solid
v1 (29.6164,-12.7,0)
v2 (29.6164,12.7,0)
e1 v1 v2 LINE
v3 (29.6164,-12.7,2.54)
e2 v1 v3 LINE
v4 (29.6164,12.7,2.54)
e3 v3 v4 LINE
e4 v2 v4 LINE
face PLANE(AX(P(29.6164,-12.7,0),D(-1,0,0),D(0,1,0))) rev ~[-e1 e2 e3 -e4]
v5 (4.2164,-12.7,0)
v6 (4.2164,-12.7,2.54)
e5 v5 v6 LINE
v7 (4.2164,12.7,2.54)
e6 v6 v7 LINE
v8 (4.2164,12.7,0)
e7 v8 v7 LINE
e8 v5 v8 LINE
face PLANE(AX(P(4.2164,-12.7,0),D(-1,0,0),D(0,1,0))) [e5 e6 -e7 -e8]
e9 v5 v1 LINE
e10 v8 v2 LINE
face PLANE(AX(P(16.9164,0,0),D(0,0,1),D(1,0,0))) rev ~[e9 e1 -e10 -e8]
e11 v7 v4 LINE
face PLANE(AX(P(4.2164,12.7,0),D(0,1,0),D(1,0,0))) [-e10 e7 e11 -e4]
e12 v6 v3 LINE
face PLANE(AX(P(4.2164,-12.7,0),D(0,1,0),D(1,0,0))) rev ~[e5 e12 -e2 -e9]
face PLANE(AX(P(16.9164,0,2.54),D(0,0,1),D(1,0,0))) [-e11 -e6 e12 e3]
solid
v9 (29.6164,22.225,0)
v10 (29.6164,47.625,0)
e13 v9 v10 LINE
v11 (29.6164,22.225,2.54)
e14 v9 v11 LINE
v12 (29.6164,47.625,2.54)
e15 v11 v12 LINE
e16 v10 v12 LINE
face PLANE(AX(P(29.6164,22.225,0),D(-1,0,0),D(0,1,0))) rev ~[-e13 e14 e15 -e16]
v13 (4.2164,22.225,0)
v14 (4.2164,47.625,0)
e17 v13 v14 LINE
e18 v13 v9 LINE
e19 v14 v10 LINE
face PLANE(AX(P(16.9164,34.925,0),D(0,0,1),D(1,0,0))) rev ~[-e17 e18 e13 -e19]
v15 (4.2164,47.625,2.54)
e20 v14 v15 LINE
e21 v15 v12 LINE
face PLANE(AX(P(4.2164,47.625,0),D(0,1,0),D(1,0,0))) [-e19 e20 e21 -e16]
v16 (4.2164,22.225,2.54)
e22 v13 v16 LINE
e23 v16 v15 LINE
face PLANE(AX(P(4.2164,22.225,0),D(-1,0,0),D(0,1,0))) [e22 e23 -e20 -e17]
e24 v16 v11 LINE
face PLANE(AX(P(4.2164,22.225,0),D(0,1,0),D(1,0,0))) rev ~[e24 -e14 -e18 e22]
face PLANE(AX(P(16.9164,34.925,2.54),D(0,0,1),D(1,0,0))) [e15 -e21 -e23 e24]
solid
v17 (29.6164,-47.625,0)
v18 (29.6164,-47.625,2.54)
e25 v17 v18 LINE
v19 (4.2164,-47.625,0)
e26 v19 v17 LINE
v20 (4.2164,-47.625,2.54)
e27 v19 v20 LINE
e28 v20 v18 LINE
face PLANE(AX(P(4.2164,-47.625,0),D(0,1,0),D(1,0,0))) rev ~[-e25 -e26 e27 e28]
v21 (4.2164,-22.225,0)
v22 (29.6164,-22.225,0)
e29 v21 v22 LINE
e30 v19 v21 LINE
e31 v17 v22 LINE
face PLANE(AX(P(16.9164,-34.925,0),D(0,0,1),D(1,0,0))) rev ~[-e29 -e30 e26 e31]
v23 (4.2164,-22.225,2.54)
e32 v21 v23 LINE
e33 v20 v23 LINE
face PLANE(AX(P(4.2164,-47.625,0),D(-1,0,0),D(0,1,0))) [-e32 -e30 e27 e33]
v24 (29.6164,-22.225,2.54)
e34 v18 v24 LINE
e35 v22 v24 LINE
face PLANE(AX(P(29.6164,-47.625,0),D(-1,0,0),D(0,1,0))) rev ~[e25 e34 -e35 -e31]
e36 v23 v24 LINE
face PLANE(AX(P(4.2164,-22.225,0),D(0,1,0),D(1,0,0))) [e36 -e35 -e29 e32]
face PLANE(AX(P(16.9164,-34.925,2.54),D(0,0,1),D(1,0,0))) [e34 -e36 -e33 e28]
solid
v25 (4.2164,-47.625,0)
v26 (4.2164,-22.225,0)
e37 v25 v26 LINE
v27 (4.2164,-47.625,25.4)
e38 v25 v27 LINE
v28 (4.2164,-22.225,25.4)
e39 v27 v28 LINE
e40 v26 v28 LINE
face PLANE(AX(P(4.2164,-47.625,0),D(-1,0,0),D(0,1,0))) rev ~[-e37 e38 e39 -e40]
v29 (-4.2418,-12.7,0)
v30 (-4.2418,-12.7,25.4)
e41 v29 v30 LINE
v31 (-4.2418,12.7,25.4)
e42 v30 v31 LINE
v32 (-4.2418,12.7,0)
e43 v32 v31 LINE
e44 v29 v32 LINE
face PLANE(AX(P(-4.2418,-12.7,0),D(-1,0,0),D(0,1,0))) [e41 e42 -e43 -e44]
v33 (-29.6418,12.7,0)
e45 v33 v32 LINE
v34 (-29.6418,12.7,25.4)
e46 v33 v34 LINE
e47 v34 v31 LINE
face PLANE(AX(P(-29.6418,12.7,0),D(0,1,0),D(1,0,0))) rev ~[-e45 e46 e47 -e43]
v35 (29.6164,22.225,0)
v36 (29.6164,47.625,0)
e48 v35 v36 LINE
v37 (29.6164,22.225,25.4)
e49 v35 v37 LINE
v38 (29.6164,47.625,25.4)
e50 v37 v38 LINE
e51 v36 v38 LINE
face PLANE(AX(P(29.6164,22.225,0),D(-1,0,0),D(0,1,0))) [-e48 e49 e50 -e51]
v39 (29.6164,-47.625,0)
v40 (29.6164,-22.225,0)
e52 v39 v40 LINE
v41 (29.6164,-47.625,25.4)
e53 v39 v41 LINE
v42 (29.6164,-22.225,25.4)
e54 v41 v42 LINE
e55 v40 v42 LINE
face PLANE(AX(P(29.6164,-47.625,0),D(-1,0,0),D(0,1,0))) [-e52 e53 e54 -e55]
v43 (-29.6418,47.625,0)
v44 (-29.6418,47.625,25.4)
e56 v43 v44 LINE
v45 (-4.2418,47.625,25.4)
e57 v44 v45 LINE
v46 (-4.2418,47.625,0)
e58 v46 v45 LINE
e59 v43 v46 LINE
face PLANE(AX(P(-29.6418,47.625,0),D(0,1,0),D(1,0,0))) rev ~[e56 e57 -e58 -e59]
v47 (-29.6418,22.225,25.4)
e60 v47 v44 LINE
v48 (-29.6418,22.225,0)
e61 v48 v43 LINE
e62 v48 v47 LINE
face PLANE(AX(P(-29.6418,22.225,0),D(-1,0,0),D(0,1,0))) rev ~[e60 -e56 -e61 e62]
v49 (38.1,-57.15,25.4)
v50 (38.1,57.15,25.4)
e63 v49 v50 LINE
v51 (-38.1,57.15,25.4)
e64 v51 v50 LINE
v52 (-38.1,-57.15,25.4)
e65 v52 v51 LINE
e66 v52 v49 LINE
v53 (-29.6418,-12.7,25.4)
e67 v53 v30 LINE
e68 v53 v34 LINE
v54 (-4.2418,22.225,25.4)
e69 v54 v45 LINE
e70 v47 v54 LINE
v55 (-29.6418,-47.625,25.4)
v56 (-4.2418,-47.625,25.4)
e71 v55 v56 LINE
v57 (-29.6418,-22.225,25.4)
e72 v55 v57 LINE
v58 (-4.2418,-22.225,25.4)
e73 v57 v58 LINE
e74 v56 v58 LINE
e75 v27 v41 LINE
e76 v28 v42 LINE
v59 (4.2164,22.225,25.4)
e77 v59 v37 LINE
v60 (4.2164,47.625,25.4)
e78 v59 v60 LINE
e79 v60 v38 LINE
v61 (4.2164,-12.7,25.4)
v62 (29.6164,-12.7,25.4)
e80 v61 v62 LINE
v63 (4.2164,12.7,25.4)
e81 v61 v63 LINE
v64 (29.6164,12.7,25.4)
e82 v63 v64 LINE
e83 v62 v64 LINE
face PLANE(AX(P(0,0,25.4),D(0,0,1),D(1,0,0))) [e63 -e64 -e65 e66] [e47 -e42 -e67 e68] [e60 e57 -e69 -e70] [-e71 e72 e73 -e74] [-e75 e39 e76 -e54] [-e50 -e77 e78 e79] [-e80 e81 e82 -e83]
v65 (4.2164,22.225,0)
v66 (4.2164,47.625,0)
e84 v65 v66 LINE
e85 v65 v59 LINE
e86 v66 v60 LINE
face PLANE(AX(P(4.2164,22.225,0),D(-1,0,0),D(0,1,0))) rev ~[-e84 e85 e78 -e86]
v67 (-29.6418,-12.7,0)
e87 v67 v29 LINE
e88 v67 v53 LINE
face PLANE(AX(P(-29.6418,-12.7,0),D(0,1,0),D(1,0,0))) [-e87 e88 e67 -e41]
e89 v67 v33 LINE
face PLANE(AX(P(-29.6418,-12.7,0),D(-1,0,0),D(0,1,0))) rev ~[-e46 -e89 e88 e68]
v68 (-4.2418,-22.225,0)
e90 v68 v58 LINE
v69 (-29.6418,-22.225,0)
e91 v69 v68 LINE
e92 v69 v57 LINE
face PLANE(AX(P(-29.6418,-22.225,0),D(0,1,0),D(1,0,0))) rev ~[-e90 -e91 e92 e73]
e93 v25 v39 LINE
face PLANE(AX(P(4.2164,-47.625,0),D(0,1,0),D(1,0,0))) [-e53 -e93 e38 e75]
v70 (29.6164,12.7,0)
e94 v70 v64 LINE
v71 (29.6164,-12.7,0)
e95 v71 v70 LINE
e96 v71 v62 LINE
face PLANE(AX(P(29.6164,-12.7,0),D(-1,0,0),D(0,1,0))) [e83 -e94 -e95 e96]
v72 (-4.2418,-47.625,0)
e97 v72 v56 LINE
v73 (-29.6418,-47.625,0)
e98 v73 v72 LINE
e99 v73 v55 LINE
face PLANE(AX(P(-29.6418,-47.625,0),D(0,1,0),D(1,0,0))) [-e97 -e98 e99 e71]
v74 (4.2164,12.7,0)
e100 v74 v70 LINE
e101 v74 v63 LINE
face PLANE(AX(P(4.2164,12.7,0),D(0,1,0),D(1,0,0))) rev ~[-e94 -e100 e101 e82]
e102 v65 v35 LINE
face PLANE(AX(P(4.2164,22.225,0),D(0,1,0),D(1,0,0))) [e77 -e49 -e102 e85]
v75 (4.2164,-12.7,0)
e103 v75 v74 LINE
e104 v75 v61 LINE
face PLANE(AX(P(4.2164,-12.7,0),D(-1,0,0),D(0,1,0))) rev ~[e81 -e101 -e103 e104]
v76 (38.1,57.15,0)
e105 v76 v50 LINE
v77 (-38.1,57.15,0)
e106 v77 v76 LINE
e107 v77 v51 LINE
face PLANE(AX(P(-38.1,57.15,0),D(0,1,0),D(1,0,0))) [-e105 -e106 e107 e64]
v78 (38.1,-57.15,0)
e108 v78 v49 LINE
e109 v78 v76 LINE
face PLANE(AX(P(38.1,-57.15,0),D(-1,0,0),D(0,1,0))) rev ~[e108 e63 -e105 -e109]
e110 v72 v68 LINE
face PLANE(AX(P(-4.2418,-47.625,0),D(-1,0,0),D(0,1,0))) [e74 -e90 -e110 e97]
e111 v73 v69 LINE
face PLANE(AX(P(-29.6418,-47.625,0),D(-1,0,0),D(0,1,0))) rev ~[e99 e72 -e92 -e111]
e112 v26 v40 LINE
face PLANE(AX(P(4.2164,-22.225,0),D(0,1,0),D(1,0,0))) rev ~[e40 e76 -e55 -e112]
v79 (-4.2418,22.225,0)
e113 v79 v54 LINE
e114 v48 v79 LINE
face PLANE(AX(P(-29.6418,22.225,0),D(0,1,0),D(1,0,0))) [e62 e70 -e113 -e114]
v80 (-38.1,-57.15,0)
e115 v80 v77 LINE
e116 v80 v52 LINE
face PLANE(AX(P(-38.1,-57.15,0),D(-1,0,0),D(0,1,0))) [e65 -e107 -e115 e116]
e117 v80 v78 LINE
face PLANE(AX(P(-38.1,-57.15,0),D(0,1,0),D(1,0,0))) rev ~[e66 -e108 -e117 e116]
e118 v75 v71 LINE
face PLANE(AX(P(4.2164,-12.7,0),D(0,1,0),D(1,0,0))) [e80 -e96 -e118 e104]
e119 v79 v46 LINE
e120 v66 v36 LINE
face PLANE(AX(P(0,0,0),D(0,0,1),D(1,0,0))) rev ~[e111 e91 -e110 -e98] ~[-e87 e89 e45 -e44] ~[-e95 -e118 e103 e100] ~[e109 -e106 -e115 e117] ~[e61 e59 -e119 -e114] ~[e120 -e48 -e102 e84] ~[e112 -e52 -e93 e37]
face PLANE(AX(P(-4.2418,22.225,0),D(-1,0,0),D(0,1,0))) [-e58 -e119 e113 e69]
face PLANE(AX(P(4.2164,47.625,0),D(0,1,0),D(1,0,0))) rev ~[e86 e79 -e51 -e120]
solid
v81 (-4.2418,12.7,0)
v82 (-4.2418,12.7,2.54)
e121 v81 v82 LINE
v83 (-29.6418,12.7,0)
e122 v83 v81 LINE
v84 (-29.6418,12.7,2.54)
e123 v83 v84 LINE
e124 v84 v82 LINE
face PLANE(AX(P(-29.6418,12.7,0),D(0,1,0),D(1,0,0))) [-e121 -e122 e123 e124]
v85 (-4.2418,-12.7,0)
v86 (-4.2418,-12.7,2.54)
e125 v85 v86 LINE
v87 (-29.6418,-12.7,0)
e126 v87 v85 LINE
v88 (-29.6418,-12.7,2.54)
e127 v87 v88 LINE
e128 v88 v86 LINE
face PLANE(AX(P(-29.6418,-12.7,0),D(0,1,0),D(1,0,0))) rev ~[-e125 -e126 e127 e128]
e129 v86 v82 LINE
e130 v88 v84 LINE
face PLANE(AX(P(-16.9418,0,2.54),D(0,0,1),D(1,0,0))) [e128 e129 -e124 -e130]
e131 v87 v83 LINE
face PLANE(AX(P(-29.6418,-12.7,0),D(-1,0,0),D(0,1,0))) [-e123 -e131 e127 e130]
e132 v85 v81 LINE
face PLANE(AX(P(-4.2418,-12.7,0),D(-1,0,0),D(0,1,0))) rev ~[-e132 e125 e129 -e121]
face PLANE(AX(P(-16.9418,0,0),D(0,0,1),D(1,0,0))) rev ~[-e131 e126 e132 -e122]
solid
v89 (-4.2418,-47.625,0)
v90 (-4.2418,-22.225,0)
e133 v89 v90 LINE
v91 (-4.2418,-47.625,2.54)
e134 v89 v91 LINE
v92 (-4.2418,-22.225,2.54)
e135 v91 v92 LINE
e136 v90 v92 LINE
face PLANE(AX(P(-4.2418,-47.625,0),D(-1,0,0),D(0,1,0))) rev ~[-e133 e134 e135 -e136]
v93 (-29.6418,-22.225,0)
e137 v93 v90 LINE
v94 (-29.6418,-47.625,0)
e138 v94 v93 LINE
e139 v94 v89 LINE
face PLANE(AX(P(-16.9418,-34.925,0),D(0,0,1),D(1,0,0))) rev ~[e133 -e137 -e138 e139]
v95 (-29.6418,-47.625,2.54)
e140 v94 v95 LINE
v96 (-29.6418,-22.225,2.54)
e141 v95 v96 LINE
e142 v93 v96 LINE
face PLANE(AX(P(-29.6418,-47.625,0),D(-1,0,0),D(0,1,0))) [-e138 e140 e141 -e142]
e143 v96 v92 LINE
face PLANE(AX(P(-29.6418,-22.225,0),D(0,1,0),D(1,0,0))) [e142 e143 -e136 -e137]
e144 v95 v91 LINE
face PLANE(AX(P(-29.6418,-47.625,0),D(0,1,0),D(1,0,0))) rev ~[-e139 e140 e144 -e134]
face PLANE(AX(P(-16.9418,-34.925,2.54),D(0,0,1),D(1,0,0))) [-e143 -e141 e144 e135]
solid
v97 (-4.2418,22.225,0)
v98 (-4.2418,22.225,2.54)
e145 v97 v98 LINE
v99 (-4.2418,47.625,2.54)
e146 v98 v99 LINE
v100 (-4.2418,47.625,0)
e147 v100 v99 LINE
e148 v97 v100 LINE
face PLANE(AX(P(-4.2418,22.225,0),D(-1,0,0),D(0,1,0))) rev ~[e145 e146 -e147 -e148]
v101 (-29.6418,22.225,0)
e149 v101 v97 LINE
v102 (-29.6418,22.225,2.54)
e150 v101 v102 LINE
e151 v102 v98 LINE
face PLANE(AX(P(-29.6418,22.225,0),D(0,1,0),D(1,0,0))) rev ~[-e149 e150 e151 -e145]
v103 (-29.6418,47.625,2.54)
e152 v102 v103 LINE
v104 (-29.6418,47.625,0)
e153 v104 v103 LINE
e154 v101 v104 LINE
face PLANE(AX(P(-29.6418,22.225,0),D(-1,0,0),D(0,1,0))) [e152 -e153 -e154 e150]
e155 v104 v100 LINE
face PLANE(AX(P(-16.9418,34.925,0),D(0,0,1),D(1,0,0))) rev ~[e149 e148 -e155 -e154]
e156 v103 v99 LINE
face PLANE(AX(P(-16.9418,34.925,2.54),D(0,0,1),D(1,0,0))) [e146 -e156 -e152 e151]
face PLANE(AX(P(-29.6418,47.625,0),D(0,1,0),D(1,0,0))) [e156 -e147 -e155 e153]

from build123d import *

# Parameters (mm, degrees)
F0_W     = 76.2
F0_H     = 114.3
F0_W_2   = 25.4
F0_H_2   = 25.4
F1_DEPTH = 25.4
F2_DEPTH = 2.54


with BuildPart() as f1:
    # F0 (on Top) → F1 (new body)
    with BuildSketch(Plane.XY):
        Rectangle(F0_W, F0_H)
        with Locations((-16.9418, -34.925)):
            Rectangle(F0_W_2, F0_H_2, mode=Mode.SUBTRACT)
        with Locations((16.9164, -34.925)):
            Rectangle(F0_W_2, F0_H_2, mode=Mode.SUBTRACT)
        with Locations((-16.9418, 0)):
            Rectangle(F0_W_2, F0_H_2, mode=Mode.SUBTRACT)
        with Locations((-16.9418, 34.925)):
            Rectangle(F0_W_2, F0_H_2, mode=Mode.SUBTRACT)
        with Locations((16.9164, 0)):
            Rectangle(F0_W_2, F0_H_2, mode=Mode.SUBTRACT)
        with Locations((16.9164, 34.925)):
            Rectangle(F0_W_2, F0_H_2, mode=Mode.SUBTRACT)
    extrude(amount=F1_DEPTH)


with BuildPart() as f2:
    # F0 (on Top) → F2 (new body)
    with BuildSketch(Plane.XY):
        with Locations((-16.9418, 34.925)):
            Rectangle(F0_W_2, F0_H_2)
        with Locations((16.9164, 34.925)):
            Rectangle(F0_W_2, F0_H_2)
        with Locations((-16.9418, 0)):
            Rectangle(F0_W_2, F0_H_2)
        with Locations((16.9164, 0)):
            Rectangle(F0_W_2, F0_H_2)
        with Locations((-16.9418, -34.925)):
            Rectangle(F0_W_2, F0_H_2)
        with Locations((16.9164, -34.925)):
            Rectangle(F0_W_2, F0_H_2)
    extrude(amount=F2_DEPTH)


solid = Compound([f1.part, f2.part])
